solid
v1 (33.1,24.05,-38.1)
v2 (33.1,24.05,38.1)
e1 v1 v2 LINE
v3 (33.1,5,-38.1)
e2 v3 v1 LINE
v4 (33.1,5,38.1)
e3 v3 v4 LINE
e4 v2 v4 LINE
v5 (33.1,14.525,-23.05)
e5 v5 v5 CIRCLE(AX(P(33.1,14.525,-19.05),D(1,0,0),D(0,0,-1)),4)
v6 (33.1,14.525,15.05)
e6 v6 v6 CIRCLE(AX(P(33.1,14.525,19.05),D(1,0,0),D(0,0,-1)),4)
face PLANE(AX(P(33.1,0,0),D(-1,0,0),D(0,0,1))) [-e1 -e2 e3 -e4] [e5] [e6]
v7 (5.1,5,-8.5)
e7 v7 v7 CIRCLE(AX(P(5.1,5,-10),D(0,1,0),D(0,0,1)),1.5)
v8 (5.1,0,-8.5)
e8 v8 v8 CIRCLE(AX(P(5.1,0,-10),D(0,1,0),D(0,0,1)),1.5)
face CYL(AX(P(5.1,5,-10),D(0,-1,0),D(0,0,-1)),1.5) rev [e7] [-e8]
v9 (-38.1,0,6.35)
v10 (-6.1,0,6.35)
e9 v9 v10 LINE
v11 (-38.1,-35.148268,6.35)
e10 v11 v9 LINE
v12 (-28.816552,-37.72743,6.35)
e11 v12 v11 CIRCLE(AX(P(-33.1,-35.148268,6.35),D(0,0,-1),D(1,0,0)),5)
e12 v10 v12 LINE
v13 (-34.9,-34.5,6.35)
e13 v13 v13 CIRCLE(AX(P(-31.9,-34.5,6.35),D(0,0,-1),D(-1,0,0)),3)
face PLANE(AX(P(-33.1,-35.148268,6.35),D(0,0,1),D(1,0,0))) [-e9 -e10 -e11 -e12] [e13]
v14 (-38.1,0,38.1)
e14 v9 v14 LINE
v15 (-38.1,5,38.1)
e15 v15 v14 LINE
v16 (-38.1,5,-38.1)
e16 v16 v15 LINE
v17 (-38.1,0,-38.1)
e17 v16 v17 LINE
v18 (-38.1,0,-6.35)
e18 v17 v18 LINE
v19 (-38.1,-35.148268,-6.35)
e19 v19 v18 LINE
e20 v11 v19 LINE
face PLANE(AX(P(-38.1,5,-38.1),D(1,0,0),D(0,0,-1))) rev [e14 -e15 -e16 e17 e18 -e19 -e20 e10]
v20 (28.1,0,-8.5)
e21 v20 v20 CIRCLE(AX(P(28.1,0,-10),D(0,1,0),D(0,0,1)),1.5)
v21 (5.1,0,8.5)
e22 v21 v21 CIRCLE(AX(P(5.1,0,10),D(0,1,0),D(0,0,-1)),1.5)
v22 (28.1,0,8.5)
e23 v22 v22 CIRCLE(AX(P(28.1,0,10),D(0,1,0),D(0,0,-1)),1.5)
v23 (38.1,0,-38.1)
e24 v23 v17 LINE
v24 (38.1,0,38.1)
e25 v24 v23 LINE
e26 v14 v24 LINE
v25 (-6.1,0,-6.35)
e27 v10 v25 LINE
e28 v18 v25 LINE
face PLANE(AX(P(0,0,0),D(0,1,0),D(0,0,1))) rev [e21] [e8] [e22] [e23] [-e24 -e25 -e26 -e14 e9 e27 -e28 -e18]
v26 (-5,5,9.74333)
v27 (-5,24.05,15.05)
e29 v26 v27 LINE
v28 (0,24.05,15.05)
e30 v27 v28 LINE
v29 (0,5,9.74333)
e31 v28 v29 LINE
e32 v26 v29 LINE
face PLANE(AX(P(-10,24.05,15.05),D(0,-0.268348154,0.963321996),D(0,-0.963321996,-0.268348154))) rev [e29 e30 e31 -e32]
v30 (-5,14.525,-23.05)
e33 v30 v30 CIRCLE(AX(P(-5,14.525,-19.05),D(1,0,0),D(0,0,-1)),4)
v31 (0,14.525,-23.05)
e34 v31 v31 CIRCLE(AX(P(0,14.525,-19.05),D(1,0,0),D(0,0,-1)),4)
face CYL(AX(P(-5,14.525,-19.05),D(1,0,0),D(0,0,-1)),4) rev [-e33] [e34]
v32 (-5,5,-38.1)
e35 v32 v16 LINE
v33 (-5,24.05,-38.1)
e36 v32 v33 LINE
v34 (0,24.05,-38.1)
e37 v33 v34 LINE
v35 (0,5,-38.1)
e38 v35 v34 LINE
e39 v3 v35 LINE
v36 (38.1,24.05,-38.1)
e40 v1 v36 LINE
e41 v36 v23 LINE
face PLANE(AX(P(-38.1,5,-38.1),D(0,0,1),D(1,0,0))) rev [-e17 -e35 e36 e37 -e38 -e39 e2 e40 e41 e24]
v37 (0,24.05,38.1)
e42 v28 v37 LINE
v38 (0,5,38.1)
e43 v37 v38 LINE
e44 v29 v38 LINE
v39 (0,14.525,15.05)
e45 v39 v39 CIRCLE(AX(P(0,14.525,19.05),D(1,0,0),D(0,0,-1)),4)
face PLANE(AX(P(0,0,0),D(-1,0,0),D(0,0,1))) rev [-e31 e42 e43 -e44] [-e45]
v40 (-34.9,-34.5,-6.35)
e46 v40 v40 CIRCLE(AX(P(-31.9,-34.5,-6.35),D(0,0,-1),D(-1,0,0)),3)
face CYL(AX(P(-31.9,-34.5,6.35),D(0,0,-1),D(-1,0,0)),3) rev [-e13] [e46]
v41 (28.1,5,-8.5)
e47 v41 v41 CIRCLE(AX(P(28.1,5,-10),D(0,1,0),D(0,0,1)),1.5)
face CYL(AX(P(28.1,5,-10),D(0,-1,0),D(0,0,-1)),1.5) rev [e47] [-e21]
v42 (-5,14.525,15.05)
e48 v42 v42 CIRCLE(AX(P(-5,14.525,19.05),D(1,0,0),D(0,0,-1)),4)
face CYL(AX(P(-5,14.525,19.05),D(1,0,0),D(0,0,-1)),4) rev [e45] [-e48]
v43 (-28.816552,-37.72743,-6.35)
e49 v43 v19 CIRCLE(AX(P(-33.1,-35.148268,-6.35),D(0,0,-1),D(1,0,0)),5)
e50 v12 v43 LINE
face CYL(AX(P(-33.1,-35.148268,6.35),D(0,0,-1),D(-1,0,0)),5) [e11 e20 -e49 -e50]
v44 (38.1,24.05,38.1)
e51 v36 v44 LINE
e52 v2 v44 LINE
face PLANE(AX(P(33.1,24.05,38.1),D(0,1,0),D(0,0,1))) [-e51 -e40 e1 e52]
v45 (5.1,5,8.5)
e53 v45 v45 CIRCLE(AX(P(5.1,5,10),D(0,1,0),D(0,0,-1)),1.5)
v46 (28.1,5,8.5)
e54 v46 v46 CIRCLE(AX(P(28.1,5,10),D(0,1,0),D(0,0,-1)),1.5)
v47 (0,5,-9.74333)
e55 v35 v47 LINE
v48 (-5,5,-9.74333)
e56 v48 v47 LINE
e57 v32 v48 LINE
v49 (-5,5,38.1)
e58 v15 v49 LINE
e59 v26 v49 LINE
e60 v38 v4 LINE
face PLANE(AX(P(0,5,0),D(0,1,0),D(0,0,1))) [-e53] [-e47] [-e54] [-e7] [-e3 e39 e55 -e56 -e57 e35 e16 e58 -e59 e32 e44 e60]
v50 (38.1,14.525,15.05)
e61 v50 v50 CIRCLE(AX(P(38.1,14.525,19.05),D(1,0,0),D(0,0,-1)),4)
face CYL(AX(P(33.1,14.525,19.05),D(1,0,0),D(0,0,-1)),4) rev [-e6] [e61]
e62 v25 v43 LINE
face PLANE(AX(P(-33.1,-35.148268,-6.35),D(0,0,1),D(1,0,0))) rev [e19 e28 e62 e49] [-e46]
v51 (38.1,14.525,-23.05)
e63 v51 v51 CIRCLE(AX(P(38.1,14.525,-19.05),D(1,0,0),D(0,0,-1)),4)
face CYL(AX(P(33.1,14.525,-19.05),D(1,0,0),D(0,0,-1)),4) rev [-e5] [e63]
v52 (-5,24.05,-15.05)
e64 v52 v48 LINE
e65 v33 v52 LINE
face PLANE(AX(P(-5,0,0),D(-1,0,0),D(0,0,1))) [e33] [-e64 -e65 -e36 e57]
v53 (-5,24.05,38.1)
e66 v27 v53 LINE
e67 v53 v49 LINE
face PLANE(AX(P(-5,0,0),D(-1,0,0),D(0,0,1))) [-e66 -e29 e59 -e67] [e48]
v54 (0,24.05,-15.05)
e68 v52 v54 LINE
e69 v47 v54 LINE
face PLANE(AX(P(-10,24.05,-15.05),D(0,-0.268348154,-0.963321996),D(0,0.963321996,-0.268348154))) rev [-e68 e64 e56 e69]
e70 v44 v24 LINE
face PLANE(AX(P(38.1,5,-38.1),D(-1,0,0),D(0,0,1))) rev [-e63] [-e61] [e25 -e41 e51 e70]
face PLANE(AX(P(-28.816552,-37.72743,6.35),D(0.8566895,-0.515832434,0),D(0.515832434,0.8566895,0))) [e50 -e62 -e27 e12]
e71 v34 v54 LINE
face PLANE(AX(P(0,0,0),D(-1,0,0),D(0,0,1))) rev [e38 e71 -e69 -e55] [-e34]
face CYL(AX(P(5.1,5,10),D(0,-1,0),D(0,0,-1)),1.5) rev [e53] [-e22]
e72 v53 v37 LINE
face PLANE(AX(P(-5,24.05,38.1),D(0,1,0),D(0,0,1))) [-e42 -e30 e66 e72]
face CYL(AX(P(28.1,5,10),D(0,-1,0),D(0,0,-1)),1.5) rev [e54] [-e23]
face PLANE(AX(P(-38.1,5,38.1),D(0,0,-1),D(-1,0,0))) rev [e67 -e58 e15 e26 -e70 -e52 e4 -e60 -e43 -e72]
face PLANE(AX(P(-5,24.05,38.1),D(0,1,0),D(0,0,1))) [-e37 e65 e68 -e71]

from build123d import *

# Parameters (mm, degrees)
SKETCH2_W           = 76.2
SKETCH2_H           = 76.2
SKETCH2_R           = 1.5
BOSS_EXTRUDE1_DEPTH = 5
SKETCH3_W           = 76.2
SKETCH3_H           = 24.05
SKETCH3_R           = 4
BOSS_EXTRUDE2_DEPTH = 5
LPATTERN1_COUNT     = 2
LPATTERN1_PITCH     = 38.1
BOSS_EXTRUDE5_START = -38.1
SKETCH4_R           = 3
BOSS_EXTRUDE5_DEPTH = 6.35
CUT_EXTRUDE1_DEPTH  = 10


with BuildPart() as part:
    # Sketch2 → Boss-Extrude1 (new body)
    with BuildSketch(Plane(origin=(0, 0, 0), x_dir=(1, 0, 0), z_dir=(0, 1, 0))):
        Rectangle(SKETCH2_W, SKETCH2_H)
        with Locations(Location((28.1, 10, 0), (0, 0, 270))):
            Circle(SKETCH2_R, mode=Mode.SUBTRACT)
        with Locations(Location((5.1, 10, 0), (0, 0, 270))):
            Circle(SKETCH2_R, mode=Mode.SUBTRACT)
        with Locations(Location((28.1, -10, 0), (0, 0, 90))):
            Circle(SKETCH2_R, mode=Mode.SUBTRACT)
        with Locations(Location((5.1, -10, 0), (0, 0, 90))):
            Circle(SKETCH2_R, mode=Mode.SUBTRACT)
    extrude(amount=BOSS_EXTRUDE1_DEPTH)

    # Sketch3 → Boss-Extrude2 (add)
    with BuildSketch(Plane(origin=(38.1, 0, 0), x_dir=(0, 0, -1), z_dir=(1, 0, 0))):
        with Locations((0, 12.025)):
            Rectangle(SKETCH3_W, SKETCH3_H)
        with Locations((-19.05, 14.525)):
            Circle(SKETCH3_R, mode=Mode.SUBTRACT)
        with Locations((19.05, 14.525)):
            Circle(SKETCH3_R, mode=Mode.SUBTRACT)
    boss_extrude2 = extrude(amount=-BOSS_EXTRUDE2_DEPTH)

    # LPattern1: Boss-Extrude2 ×2
    with Locations(*[(-i * LPATTERN1_PITCH, 0, 0) for i in range(1, LPATTERN1_COUNT)]):
        add(boss_extrude2)

    # Sketch4 → Boss-Extrude5 (add, symmetric)
    with BuildSketch(Plane(origin=(0, 0, -38.1), x_dir=(-1, 0, 0), z_dir=(0, 0, -1)).offset(BOSS_EXTRUDE5_START)):
        with BuildLine():
            Line((6.1, 0), (38.1, 0))
            Line((38.1, 0), (38.1, -35.148267781))
            ThreePointArc((38.1, -35.148267781), (34.438424912, -39.965800215), (28.816552498, -37.72742995))
            Line((28.816552498, -37.72742995), (6.1, 0))
        make_face()
        with Locations((31.9, -34.5)):
            Circle(SKETCH4_R, mode=Mode.SUBTRACT)
    extrude(amount=BOSS_EXTRUDE5_DEPTH, both=True)

    # Sketch5 → Cut-Extrude1 (cut)
    with BuildSketch(Plane(origin=(0, 0, 0), x_dir=(0, 0, -1), z_dir=(1, 0, 0))):
        Polygon((9.743329583, 5), (-9.743329583, 5), (-15.05, 24.05), (-9.743329583, 24.05), (9.743329583, 24.05), (15.05, 24.05), align=None)
    extrude(amount=-CUT_EXTRUDE1_DEPTH, mode=Mode.SUBTRACT)


solid = part.part
